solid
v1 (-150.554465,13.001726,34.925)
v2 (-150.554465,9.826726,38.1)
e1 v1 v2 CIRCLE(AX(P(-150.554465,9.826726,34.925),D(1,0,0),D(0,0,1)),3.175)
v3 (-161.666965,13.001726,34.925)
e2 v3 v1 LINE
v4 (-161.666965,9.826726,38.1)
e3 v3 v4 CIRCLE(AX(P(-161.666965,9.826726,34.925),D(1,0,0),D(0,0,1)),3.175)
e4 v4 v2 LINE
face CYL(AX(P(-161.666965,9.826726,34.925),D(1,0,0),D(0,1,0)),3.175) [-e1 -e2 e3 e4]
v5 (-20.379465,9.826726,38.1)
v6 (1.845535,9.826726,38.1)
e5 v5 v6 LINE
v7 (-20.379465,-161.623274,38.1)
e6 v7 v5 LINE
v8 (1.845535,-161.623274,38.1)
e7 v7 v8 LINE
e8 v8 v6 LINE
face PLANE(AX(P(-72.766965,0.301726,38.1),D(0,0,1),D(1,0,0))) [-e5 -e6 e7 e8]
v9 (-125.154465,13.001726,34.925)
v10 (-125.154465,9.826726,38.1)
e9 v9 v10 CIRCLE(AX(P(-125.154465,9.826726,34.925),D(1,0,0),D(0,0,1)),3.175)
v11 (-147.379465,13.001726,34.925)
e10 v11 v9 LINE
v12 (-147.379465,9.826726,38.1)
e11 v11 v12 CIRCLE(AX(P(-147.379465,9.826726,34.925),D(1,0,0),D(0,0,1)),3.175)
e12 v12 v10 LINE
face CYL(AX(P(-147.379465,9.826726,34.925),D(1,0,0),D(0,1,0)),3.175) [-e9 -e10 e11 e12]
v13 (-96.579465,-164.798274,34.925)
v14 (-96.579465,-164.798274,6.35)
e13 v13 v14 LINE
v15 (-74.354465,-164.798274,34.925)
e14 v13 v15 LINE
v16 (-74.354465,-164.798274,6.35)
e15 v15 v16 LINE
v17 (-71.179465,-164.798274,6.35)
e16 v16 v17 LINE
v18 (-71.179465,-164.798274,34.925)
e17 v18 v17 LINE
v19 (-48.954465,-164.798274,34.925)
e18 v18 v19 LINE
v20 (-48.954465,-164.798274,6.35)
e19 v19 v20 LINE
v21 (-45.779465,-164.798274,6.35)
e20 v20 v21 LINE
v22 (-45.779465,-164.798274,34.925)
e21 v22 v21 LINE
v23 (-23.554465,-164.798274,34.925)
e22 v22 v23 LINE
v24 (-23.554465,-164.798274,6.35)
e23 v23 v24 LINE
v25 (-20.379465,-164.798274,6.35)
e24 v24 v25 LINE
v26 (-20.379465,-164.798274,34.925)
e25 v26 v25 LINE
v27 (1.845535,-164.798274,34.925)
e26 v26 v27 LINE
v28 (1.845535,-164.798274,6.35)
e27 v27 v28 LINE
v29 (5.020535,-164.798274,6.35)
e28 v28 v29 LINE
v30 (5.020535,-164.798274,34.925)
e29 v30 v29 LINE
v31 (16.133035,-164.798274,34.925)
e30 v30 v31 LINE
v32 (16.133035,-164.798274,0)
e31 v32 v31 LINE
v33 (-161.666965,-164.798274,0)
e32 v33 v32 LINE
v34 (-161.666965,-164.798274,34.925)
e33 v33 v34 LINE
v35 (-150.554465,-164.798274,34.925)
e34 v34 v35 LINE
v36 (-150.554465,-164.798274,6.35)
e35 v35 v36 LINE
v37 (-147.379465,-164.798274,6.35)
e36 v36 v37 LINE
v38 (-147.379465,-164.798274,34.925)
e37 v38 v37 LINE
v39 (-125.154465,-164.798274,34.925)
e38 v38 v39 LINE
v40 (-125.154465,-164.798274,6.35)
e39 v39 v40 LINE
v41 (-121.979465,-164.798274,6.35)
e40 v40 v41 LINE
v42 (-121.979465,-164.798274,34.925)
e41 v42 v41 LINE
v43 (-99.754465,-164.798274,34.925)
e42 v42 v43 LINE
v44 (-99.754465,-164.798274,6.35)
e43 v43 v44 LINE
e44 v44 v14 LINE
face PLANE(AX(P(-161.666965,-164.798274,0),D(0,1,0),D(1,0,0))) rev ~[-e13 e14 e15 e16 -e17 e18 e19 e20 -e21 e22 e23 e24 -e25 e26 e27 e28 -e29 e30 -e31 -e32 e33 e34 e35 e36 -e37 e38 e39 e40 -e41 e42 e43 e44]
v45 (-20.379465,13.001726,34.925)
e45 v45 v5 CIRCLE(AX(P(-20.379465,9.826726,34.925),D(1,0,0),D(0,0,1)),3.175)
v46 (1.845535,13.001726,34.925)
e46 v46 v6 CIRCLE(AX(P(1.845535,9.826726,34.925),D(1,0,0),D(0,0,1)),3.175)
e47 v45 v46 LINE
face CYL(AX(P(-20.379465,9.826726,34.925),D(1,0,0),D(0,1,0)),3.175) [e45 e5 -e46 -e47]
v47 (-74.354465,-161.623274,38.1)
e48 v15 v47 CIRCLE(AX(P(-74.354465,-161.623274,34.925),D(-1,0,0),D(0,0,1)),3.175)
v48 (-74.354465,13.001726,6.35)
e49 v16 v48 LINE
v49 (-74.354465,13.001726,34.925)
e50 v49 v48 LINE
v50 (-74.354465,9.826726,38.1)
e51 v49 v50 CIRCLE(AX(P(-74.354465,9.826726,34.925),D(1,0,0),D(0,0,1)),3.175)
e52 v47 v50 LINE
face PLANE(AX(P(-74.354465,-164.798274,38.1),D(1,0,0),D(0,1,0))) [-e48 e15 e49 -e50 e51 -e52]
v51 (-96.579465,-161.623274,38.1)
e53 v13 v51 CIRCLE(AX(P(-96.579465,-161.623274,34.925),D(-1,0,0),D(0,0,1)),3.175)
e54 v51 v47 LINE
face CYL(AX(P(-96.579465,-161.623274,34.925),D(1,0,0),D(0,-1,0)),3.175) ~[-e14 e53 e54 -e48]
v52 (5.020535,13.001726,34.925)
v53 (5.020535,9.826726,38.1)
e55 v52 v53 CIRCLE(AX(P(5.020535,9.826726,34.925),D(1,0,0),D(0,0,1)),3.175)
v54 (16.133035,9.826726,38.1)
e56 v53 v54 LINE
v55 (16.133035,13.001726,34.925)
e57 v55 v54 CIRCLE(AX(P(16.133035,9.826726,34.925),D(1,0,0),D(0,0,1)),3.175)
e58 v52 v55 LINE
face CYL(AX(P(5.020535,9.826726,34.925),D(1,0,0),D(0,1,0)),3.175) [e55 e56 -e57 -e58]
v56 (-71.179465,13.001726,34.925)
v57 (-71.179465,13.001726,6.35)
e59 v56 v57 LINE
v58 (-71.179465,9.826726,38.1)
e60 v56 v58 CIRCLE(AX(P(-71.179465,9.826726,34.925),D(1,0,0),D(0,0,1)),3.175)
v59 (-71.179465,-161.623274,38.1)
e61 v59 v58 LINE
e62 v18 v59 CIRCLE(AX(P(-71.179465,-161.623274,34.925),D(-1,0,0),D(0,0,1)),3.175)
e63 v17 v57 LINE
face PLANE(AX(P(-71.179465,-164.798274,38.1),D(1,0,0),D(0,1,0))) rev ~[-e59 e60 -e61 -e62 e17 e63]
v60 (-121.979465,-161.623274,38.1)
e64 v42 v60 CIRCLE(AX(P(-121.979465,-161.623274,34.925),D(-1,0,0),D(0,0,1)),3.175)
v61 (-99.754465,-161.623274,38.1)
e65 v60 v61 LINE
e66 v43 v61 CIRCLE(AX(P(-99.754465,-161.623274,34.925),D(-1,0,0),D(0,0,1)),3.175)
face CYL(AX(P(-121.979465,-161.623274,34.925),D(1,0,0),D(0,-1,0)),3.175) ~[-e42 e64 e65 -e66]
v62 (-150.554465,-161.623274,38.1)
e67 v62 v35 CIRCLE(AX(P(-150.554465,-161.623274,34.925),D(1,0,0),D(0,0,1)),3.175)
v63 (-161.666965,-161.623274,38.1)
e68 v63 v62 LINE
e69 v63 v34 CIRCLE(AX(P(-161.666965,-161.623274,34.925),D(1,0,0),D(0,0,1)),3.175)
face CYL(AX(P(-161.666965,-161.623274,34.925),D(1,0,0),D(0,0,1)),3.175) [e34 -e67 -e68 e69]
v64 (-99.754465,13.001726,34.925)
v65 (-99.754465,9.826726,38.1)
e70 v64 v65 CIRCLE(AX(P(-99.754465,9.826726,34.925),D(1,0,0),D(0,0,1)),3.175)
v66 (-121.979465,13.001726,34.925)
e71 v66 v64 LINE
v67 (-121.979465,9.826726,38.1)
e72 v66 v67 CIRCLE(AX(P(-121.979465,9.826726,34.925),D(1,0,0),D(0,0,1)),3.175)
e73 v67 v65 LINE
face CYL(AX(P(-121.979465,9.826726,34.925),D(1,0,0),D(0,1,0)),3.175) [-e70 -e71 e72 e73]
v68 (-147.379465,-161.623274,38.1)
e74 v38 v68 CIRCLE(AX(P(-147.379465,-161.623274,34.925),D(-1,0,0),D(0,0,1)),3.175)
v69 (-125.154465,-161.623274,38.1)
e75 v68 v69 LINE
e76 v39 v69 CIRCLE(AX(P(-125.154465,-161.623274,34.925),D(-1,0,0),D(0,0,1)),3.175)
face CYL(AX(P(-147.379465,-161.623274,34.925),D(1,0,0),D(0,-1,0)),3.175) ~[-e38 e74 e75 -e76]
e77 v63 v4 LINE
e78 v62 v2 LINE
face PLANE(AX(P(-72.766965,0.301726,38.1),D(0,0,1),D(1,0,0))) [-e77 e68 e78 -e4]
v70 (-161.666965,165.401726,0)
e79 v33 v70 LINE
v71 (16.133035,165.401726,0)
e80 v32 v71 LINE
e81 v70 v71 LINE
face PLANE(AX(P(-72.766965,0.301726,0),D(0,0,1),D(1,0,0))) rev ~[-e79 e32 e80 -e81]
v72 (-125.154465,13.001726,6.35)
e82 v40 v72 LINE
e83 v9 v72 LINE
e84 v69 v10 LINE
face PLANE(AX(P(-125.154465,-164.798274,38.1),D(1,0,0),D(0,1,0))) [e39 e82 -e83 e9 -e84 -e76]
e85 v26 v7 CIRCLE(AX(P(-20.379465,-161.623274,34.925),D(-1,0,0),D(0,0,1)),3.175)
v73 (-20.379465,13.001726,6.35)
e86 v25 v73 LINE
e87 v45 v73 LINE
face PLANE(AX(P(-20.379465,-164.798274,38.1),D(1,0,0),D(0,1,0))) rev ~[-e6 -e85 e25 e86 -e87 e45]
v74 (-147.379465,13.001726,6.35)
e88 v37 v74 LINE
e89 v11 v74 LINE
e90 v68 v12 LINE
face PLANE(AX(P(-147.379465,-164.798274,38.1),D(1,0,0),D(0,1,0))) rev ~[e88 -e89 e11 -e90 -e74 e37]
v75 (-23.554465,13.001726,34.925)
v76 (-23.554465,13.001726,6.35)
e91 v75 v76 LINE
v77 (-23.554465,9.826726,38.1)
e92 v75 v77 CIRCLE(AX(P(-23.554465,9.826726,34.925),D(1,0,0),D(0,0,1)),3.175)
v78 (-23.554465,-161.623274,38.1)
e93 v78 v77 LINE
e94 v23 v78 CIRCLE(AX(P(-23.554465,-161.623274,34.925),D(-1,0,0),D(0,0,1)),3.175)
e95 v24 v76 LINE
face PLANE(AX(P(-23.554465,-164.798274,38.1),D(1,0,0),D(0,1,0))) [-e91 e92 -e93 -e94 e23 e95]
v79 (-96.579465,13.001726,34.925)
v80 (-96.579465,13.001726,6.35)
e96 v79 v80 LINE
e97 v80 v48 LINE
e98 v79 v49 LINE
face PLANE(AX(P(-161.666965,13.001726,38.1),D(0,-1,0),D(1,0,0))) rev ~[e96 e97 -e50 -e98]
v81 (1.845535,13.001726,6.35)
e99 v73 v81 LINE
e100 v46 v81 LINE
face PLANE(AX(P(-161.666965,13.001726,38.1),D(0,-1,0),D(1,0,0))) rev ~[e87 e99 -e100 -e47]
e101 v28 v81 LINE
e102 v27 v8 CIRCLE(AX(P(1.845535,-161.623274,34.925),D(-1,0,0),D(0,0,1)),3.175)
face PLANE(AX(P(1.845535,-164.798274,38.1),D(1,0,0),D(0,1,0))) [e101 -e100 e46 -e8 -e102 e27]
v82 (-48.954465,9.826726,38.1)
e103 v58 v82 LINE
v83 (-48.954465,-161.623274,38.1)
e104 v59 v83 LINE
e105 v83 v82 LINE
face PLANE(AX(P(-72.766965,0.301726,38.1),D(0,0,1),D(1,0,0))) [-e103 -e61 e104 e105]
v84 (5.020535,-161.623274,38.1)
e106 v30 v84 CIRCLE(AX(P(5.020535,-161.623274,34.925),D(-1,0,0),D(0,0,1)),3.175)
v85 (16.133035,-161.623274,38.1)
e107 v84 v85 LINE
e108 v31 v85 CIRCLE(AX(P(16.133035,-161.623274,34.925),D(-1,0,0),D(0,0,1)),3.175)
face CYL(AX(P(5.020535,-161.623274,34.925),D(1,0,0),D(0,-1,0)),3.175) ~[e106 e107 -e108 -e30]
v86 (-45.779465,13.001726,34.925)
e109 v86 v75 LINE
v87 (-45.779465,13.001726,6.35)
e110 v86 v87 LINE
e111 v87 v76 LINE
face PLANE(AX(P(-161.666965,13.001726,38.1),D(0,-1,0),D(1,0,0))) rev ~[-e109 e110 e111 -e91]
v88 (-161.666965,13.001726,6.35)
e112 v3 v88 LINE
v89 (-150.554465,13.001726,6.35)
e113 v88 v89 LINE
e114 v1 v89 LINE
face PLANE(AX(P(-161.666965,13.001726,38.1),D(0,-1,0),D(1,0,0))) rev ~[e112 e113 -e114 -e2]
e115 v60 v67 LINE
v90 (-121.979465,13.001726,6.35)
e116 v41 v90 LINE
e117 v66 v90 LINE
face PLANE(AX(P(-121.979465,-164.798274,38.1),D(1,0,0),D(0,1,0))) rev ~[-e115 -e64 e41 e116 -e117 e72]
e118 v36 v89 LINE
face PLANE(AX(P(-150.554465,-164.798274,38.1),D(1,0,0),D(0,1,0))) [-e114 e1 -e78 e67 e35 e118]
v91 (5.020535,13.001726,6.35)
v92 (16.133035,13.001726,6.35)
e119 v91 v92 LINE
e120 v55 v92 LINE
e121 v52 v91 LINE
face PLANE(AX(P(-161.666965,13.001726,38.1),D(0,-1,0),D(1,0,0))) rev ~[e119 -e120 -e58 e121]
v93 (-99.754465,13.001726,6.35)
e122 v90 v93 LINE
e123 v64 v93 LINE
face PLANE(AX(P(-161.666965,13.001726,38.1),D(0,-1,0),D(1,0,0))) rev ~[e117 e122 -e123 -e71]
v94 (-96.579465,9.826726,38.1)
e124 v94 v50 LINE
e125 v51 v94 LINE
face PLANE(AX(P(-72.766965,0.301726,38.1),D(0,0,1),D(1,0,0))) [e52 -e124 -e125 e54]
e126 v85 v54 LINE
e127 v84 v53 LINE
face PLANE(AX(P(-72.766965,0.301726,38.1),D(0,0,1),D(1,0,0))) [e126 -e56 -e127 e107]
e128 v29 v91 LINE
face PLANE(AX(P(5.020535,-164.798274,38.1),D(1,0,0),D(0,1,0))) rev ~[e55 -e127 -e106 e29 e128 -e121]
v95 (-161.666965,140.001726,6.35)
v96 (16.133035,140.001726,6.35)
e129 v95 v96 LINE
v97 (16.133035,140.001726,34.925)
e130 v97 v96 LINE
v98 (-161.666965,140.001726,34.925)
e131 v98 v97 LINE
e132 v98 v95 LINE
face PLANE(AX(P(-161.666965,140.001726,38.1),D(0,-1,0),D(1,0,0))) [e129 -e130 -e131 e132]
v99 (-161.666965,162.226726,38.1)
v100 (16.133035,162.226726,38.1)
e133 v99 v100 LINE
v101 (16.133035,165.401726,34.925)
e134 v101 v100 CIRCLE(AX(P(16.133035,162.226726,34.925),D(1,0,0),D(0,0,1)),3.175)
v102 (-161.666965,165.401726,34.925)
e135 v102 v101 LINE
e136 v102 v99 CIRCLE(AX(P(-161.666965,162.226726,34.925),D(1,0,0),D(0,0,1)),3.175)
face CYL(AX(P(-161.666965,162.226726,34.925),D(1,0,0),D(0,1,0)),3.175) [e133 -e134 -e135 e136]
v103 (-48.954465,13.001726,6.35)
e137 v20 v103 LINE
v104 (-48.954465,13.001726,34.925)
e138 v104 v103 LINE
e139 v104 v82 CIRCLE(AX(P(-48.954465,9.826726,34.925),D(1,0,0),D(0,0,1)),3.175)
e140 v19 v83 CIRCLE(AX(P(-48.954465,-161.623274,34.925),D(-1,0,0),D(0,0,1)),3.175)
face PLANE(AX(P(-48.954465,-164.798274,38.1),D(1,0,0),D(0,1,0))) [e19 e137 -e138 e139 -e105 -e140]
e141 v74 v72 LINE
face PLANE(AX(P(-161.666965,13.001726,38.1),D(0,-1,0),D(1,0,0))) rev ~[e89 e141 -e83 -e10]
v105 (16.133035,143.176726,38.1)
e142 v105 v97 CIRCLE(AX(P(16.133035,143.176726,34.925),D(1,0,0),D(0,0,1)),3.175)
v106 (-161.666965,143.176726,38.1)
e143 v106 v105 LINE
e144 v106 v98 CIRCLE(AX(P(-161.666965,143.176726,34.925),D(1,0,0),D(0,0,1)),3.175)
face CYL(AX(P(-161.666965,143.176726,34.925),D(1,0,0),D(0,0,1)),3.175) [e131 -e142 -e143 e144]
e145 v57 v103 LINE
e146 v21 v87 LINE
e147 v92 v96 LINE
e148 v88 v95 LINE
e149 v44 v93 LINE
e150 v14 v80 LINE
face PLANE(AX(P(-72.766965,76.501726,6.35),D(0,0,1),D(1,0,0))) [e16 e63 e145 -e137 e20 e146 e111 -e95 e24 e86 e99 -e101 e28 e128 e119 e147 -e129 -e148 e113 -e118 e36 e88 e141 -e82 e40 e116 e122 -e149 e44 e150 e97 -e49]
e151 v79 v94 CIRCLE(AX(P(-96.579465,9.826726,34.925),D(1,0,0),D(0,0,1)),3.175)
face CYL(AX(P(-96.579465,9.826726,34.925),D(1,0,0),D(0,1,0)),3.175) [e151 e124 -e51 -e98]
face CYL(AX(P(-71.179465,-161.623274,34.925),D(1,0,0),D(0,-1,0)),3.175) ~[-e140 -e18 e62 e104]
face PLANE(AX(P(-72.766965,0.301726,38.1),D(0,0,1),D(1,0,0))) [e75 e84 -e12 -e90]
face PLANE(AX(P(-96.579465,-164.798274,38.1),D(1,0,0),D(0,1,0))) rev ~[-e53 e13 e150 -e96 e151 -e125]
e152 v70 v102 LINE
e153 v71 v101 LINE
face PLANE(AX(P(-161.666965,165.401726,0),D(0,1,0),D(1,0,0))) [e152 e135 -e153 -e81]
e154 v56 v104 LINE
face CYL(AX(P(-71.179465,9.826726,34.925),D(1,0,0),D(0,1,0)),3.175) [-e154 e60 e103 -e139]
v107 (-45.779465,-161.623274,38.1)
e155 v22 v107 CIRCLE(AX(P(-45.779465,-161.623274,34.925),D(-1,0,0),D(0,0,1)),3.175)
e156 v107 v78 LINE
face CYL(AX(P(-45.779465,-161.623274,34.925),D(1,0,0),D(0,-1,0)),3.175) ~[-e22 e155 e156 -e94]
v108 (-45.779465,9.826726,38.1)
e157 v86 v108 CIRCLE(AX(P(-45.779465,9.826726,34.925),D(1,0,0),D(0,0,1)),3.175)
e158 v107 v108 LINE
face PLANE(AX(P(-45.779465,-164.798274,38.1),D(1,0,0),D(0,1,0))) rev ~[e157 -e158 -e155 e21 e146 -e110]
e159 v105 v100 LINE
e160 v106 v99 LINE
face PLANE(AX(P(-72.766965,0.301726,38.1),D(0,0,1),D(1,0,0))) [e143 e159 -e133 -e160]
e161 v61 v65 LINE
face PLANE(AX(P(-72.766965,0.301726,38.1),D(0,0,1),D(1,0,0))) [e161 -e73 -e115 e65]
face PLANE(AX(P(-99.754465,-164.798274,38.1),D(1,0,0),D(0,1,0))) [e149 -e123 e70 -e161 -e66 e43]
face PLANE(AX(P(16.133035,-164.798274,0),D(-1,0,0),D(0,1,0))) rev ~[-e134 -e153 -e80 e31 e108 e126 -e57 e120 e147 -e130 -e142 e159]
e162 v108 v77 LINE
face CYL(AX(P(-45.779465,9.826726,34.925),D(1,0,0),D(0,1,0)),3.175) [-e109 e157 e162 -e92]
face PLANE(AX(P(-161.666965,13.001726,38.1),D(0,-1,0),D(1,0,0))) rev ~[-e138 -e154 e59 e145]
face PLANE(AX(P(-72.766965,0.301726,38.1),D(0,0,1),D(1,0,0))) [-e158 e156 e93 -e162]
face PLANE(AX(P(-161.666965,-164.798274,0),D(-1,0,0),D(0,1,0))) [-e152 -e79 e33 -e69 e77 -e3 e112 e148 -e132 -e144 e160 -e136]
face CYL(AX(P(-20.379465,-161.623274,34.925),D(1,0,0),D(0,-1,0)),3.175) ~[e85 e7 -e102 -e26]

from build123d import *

# Parameters (mm, degrees)
F0_W     = 177.8
F0_H     = 330.2
F1_DEPTH = 38.1
F2_W     = 177.8
F2_H     = 127
F3_DEPTH = 31.75
F4_W     = 3.175
F4_H     = 177.8
F5_DEPTH = 31.75
F6_R     = 3.175


with BuildPart() as f1:
    # F0 (on Top) → F1 (new body)
    with BuildSketch(Plane.XY):
        with Locations((-72.766965, 0.301726)):
            Rectangle(F0_W, F0_H)
    extrude(amount=F1_DEPTH)

    # F2 (on face) → F3 (cut)
    with BuildSketch(Plane.XY.offset(38.1)):
        with Locations((-72.766965, 76.501726)):
            Rectangle(F2_W, F2_H)
    extrude(amount=-F3_DEPTH, mode=Mode.SUBTRACT)

    # F4 (on face) → F5 (cut)
    with BuildSketch(Plane.XY.offset(38.1)):
        with Locations((-148.966965, -75.898274)):
            Rectangle(F4_W, F4_H)
        with Locations((-123.566965, -75.898274)):
            Rectangle(F4_W, F4_H)
        with Locations((-98.166965, -75.898274)):
            Rectangle(F4_W, F4_H)
        with Locations((-72.766965, -75.898274)):
            Rectangle(F4_W, F4_H)
        with Locations((-47.366965, -75.898274)):
            Rectangle(F4_W, F4_H)
        with Locations((-21.966965, -75.898274)):
            Rectangle(F4_W, F4_H)
        with Locations((3.433035, -75.898274)):
            Rectangle(F4_W, F4_H)
    extrude(amount=-F5_DEPTH, mode=Mode.SUBTRACT)

    # F6
    f6_edges = [f1.edges().sort_by_distance(p)[0] for p in [
        (-72.766965, 140.001726, 38.1),
        (10.576785, -164.798274, 38.1),
        (-9.266965, -164.798274, 38.1),
        (-34.666965, -164.798274, 38.1),
        (-60.066965, -164.798274, 38.1),
        (-85.466965, -164.798274, 38.1),
        (-110.866965, -164.798274, 38.1),
        (-136.266965, -164.798274, 38.1),
        (-156.110715, -164.798274, 38.1),
        (10.576785, 13.001726, 38.1),
        (-156.110715, 13.001726, 38.1),
        (-136.266965, 13.001726, 38.1),
        (-110.866965, 13.001726, 38.1),
        (-85.466965, 13.001726, 38.1),
        (-60.066965, 13.001726, 38.1),
        (-34.666965, 13.001726, 38.1),
        (-9.266965, 13.001726, 38.1),
        (-72.766965, 165.401726, 38.1),
    ]]
    fillet(f6_edges, radius=F6_R)


solid = f1.part
